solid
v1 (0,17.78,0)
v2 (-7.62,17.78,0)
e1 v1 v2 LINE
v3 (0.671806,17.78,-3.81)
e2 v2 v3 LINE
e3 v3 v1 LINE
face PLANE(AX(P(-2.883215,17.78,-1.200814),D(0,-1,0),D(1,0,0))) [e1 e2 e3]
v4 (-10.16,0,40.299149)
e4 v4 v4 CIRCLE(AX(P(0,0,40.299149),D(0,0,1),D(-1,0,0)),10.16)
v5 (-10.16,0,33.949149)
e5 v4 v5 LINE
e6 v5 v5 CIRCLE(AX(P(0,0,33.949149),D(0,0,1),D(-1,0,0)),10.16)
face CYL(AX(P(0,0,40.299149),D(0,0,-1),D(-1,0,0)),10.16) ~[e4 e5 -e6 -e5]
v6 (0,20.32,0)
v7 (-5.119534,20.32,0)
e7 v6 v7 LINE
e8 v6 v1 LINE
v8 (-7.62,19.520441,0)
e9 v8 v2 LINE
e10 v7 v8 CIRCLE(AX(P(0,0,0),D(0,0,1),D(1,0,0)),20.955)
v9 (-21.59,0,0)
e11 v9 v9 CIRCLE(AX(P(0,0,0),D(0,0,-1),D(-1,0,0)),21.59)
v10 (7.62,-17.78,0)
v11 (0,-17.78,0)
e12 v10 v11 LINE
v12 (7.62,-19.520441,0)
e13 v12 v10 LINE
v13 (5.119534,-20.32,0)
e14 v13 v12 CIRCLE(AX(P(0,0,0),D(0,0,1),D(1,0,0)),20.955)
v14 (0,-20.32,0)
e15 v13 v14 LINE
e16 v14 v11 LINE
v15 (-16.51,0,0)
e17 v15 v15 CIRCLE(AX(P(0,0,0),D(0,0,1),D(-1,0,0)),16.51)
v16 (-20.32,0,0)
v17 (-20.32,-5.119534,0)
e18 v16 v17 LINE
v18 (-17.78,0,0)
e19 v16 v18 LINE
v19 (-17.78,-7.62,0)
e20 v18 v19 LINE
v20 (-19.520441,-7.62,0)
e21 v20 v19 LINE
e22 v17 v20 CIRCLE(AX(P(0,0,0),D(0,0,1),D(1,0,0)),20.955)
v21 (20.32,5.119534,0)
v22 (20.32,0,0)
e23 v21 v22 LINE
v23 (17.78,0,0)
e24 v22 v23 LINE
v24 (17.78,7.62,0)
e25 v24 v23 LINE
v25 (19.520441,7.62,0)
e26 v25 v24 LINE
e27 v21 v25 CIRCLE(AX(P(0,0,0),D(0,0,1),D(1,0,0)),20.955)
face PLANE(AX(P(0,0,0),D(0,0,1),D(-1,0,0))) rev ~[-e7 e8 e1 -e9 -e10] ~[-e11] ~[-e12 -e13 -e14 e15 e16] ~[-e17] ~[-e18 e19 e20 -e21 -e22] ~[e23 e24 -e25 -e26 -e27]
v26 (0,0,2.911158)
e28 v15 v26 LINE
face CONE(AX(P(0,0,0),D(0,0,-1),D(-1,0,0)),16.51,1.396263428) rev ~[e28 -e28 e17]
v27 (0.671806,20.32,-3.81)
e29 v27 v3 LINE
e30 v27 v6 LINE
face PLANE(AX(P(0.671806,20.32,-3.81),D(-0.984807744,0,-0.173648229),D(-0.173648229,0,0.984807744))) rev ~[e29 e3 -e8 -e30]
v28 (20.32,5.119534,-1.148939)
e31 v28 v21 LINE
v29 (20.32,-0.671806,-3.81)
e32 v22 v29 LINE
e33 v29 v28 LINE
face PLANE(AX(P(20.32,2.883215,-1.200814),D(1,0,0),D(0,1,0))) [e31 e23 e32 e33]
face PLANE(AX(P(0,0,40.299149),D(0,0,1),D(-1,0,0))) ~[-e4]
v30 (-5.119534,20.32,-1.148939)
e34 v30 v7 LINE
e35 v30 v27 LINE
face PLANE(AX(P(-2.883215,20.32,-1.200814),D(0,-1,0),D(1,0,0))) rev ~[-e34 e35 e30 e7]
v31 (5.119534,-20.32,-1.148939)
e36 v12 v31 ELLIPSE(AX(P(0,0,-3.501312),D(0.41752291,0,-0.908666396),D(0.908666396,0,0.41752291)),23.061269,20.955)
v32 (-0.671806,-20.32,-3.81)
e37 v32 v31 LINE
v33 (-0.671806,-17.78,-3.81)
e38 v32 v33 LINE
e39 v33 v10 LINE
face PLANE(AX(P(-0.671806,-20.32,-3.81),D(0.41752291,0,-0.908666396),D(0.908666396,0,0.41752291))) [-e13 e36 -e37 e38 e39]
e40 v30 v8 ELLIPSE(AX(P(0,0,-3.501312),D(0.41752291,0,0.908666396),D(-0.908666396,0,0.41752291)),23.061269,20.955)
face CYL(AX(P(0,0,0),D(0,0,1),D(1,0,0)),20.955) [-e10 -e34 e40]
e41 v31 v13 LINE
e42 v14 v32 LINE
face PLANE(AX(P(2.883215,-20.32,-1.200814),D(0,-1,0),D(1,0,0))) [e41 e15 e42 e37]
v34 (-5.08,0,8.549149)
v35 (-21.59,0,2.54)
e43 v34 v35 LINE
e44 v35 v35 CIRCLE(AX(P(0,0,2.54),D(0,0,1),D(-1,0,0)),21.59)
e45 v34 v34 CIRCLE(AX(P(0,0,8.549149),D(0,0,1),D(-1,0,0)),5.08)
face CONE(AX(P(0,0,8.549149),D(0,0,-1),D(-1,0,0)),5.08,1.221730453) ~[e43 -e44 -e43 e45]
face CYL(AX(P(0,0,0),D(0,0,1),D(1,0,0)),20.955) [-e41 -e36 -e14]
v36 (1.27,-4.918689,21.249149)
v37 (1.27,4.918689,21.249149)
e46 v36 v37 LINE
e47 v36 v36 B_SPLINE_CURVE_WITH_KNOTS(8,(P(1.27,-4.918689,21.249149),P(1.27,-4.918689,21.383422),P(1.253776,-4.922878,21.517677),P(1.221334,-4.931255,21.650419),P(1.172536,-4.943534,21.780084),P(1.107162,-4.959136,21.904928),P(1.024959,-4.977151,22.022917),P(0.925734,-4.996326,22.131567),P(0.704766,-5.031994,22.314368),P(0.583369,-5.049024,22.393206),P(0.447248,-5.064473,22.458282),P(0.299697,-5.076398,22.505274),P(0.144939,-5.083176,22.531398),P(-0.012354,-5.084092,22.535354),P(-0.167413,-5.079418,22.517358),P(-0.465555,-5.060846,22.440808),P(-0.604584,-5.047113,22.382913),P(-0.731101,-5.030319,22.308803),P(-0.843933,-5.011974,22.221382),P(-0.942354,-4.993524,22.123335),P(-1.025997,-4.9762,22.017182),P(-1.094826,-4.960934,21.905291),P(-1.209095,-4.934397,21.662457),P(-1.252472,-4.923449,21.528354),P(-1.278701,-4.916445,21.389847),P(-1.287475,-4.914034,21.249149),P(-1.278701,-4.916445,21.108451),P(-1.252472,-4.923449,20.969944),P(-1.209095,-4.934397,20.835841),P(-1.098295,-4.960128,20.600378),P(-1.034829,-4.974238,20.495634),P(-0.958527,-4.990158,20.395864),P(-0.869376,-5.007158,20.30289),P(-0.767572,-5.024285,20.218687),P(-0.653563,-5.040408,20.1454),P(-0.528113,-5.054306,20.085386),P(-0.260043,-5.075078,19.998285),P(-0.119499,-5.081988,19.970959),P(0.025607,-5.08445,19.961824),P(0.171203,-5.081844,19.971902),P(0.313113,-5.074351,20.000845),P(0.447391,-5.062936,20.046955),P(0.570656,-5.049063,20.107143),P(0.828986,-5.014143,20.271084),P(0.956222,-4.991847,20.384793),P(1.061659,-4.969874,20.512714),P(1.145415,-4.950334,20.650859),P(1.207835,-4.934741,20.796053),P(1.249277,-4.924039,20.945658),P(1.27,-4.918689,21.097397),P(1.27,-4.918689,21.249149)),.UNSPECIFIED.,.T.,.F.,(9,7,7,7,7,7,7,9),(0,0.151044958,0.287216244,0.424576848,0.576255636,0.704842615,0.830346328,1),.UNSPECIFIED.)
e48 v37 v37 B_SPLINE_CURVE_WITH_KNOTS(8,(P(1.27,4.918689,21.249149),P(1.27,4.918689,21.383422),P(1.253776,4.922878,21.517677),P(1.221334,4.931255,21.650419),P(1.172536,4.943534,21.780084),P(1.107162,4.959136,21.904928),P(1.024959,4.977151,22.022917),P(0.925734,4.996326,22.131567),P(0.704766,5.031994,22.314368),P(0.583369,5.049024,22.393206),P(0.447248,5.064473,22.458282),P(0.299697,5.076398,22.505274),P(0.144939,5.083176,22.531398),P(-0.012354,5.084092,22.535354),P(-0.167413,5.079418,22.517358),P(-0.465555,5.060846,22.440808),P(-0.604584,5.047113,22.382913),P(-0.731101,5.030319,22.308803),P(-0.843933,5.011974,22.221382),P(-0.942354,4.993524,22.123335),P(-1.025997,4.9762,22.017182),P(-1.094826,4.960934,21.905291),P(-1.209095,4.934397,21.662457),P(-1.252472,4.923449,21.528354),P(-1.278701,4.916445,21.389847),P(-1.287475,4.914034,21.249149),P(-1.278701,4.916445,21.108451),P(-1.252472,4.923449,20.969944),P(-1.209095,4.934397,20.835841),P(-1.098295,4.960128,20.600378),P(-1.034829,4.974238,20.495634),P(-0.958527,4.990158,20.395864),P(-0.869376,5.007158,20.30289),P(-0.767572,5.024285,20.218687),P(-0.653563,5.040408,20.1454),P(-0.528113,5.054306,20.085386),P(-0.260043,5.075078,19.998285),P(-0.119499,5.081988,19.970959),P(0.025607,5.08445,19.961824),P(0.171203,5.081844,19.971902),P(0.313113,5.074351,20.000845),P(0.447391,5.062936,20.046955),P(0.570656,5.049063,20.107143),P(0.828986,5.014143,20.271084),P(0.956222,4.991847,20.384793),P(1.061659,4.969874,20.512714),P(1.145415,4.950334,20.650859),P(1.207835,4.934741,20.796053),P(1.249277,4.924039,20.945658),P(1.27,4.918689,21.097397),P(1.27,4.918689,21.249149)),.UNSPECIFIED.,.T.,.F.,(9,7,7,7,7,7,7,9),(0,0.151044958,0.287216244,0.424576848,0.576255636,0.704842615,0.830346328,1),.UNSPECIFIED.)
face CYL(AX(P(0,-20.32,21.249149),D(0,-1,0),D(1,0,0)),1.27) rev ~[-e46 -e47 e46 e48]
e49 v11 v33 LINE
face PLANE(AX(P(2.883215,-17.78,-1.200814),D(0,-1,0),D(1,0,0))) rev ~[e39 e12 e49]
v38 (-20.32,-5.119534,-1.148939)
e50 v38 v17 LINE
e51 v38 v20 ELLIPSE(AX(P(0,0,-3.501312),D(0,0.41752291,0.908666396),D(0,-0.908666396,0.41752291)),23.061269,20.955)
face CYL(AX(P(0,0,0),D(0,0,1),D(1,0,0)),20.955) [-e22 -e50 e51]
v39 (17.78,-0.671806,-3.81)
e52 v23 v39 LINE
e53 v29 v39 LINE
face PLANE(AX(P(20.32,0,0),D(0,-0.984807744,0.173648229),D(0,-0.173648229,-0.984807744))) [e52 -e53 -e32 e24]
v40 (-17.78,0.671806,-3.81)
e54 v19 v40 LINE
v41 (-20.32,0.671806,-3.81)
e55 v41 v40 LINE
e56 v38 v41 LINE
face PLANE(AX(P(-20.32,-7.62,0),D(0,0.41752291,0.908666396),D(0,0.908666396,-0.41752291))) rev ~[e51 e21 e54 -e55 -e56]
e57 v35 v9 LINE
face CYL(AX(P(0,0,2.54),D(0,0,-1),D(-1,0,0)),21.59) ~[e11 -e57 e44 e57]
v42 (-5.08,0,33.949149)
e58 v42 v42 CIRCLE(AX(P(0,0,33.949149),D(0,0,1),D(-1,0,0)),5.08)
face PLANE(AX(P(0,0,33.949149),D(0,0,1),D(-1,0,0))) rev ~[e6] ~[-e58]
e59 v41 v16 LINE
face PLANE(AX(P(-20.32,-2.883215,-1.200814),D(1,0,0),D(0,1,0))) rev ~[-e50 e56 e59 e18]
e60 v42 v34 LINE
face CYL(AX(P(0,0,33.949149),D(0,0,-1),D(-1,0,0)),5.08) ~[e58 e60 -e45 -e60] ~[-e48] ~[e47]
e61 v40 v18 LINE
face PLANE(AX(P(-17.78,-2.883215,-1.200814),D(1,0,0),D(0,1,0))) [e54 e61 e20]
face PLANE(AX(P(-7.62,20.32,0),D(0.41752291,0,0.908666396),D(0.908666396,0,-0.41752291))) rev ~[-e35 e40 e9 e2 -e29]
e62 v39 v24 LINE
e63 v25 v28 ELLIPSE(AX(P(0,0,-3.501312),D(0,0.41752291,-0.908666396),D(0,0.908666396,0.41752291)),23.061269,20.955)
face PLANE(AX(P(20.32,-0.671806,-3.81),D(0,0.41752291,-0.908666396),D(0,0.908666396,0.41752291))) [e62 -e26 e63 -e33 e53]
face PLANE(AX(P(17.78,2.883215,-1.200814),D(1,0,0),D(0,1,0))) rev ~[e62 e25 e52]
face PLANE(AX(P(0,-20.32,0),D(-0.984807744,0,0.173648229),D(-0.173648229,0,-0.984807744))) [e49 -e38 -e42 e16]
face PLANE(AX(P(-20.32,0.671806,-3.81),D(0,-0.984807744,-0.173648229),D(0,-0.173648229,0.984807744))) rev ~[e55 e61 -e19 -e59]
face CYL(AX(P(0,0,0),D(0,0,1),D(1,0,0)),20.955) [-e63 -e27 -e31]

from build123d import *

# Parameters (mm, degrees)
F5_DEPTH  = 2.54
F7_DEPTH  = 2.54
F9_DEPTH  = 2.54
F11_DEPTH = 2.54
F14_R     = 1.27
F15_DEPTH = 30.0736
F16_R     = 42.413221
F16_R_2   = 20.955
F17_DEPTH = 25.4


with BuildPart() as f5:
    # F4 (on offset) → F5 (new body)
    with BuildSketch(Plane.YZ.offset(20.32)):
        Polygon((7.62, 0), (0, 0), (-0.671806, -3.81), align=None)
    extrude(amount=-F5_DEPTH)



with BuildPart() as f7:
    # F6 (on offset) → F7 (new body)
    with BuildSketch(Plane.YZ.offset(-20.32)):
        Polygon((0.671806, -3.81), (0, 0), (-7.62, 0), align=None)
    extrude(amount=F7_DEPTH)


with BuildPart() as f9:
    # F8 (on offset) → F9 (new body)
    with BuildSketch(Plane.XZ.offset(-20.32)):
        Polygon((0.671806, -3.81), (0, 0), (-7.62, 0), align=None)
    extrude(amount=F9_DEPTH)


with BuildPart() as f11:
    # F10 (on offset) → F11 (new body)
    with BuildSketch(Plane.XZ.offset(20.32)):
        Polygon((7.62, 0), (0, 0), (-0.671806, -3.81), align=None)
    extrude(amount=-F11_DEPTH)


with BuildPart() as f5_1:
    add(f5.part)

    add(f7.part)  # F13 merges F7

    add(f9.part)  # F13 merges F9

    add(f11.part)  # F13 merges F11
    # F12 (on Front) → F13 (revolve)
    with BuildSketch(Plane.XZ):
        Polygon((-21.59, 0), (-16.51, 0), (0, 2.911158), (0, 40.299149), (-10.16, 40.299149), (-10.16, 33.949149), (-5.08, 33.949149), (-5.08, 8.549149), (-21.59, 2.54), align=None)
    revolve(axis=Axis((0, 0, 23.632418), (0, 0, 1)))

    # F14 (on offset) → F15 (cut)
    with BuildSketch(Plane.XZ.offset(20.32)):
        with Locations((0, 21.249149)):
            Circle(F14_R)
    extrude(amount=-F15_DEPTH, mode=Mode.SUBTRACT)

    # F16 (on Top) → F17 (cut)
    with BuildSketch(Plane.XY):
        Circle(F16_R)
        Circle(F16_R_2, mode=Mode.SUBTRACT)
    extrude(amount=-F17_DEPTH, mode=Mode.SUBTRACT)


solid = f5_1.part
